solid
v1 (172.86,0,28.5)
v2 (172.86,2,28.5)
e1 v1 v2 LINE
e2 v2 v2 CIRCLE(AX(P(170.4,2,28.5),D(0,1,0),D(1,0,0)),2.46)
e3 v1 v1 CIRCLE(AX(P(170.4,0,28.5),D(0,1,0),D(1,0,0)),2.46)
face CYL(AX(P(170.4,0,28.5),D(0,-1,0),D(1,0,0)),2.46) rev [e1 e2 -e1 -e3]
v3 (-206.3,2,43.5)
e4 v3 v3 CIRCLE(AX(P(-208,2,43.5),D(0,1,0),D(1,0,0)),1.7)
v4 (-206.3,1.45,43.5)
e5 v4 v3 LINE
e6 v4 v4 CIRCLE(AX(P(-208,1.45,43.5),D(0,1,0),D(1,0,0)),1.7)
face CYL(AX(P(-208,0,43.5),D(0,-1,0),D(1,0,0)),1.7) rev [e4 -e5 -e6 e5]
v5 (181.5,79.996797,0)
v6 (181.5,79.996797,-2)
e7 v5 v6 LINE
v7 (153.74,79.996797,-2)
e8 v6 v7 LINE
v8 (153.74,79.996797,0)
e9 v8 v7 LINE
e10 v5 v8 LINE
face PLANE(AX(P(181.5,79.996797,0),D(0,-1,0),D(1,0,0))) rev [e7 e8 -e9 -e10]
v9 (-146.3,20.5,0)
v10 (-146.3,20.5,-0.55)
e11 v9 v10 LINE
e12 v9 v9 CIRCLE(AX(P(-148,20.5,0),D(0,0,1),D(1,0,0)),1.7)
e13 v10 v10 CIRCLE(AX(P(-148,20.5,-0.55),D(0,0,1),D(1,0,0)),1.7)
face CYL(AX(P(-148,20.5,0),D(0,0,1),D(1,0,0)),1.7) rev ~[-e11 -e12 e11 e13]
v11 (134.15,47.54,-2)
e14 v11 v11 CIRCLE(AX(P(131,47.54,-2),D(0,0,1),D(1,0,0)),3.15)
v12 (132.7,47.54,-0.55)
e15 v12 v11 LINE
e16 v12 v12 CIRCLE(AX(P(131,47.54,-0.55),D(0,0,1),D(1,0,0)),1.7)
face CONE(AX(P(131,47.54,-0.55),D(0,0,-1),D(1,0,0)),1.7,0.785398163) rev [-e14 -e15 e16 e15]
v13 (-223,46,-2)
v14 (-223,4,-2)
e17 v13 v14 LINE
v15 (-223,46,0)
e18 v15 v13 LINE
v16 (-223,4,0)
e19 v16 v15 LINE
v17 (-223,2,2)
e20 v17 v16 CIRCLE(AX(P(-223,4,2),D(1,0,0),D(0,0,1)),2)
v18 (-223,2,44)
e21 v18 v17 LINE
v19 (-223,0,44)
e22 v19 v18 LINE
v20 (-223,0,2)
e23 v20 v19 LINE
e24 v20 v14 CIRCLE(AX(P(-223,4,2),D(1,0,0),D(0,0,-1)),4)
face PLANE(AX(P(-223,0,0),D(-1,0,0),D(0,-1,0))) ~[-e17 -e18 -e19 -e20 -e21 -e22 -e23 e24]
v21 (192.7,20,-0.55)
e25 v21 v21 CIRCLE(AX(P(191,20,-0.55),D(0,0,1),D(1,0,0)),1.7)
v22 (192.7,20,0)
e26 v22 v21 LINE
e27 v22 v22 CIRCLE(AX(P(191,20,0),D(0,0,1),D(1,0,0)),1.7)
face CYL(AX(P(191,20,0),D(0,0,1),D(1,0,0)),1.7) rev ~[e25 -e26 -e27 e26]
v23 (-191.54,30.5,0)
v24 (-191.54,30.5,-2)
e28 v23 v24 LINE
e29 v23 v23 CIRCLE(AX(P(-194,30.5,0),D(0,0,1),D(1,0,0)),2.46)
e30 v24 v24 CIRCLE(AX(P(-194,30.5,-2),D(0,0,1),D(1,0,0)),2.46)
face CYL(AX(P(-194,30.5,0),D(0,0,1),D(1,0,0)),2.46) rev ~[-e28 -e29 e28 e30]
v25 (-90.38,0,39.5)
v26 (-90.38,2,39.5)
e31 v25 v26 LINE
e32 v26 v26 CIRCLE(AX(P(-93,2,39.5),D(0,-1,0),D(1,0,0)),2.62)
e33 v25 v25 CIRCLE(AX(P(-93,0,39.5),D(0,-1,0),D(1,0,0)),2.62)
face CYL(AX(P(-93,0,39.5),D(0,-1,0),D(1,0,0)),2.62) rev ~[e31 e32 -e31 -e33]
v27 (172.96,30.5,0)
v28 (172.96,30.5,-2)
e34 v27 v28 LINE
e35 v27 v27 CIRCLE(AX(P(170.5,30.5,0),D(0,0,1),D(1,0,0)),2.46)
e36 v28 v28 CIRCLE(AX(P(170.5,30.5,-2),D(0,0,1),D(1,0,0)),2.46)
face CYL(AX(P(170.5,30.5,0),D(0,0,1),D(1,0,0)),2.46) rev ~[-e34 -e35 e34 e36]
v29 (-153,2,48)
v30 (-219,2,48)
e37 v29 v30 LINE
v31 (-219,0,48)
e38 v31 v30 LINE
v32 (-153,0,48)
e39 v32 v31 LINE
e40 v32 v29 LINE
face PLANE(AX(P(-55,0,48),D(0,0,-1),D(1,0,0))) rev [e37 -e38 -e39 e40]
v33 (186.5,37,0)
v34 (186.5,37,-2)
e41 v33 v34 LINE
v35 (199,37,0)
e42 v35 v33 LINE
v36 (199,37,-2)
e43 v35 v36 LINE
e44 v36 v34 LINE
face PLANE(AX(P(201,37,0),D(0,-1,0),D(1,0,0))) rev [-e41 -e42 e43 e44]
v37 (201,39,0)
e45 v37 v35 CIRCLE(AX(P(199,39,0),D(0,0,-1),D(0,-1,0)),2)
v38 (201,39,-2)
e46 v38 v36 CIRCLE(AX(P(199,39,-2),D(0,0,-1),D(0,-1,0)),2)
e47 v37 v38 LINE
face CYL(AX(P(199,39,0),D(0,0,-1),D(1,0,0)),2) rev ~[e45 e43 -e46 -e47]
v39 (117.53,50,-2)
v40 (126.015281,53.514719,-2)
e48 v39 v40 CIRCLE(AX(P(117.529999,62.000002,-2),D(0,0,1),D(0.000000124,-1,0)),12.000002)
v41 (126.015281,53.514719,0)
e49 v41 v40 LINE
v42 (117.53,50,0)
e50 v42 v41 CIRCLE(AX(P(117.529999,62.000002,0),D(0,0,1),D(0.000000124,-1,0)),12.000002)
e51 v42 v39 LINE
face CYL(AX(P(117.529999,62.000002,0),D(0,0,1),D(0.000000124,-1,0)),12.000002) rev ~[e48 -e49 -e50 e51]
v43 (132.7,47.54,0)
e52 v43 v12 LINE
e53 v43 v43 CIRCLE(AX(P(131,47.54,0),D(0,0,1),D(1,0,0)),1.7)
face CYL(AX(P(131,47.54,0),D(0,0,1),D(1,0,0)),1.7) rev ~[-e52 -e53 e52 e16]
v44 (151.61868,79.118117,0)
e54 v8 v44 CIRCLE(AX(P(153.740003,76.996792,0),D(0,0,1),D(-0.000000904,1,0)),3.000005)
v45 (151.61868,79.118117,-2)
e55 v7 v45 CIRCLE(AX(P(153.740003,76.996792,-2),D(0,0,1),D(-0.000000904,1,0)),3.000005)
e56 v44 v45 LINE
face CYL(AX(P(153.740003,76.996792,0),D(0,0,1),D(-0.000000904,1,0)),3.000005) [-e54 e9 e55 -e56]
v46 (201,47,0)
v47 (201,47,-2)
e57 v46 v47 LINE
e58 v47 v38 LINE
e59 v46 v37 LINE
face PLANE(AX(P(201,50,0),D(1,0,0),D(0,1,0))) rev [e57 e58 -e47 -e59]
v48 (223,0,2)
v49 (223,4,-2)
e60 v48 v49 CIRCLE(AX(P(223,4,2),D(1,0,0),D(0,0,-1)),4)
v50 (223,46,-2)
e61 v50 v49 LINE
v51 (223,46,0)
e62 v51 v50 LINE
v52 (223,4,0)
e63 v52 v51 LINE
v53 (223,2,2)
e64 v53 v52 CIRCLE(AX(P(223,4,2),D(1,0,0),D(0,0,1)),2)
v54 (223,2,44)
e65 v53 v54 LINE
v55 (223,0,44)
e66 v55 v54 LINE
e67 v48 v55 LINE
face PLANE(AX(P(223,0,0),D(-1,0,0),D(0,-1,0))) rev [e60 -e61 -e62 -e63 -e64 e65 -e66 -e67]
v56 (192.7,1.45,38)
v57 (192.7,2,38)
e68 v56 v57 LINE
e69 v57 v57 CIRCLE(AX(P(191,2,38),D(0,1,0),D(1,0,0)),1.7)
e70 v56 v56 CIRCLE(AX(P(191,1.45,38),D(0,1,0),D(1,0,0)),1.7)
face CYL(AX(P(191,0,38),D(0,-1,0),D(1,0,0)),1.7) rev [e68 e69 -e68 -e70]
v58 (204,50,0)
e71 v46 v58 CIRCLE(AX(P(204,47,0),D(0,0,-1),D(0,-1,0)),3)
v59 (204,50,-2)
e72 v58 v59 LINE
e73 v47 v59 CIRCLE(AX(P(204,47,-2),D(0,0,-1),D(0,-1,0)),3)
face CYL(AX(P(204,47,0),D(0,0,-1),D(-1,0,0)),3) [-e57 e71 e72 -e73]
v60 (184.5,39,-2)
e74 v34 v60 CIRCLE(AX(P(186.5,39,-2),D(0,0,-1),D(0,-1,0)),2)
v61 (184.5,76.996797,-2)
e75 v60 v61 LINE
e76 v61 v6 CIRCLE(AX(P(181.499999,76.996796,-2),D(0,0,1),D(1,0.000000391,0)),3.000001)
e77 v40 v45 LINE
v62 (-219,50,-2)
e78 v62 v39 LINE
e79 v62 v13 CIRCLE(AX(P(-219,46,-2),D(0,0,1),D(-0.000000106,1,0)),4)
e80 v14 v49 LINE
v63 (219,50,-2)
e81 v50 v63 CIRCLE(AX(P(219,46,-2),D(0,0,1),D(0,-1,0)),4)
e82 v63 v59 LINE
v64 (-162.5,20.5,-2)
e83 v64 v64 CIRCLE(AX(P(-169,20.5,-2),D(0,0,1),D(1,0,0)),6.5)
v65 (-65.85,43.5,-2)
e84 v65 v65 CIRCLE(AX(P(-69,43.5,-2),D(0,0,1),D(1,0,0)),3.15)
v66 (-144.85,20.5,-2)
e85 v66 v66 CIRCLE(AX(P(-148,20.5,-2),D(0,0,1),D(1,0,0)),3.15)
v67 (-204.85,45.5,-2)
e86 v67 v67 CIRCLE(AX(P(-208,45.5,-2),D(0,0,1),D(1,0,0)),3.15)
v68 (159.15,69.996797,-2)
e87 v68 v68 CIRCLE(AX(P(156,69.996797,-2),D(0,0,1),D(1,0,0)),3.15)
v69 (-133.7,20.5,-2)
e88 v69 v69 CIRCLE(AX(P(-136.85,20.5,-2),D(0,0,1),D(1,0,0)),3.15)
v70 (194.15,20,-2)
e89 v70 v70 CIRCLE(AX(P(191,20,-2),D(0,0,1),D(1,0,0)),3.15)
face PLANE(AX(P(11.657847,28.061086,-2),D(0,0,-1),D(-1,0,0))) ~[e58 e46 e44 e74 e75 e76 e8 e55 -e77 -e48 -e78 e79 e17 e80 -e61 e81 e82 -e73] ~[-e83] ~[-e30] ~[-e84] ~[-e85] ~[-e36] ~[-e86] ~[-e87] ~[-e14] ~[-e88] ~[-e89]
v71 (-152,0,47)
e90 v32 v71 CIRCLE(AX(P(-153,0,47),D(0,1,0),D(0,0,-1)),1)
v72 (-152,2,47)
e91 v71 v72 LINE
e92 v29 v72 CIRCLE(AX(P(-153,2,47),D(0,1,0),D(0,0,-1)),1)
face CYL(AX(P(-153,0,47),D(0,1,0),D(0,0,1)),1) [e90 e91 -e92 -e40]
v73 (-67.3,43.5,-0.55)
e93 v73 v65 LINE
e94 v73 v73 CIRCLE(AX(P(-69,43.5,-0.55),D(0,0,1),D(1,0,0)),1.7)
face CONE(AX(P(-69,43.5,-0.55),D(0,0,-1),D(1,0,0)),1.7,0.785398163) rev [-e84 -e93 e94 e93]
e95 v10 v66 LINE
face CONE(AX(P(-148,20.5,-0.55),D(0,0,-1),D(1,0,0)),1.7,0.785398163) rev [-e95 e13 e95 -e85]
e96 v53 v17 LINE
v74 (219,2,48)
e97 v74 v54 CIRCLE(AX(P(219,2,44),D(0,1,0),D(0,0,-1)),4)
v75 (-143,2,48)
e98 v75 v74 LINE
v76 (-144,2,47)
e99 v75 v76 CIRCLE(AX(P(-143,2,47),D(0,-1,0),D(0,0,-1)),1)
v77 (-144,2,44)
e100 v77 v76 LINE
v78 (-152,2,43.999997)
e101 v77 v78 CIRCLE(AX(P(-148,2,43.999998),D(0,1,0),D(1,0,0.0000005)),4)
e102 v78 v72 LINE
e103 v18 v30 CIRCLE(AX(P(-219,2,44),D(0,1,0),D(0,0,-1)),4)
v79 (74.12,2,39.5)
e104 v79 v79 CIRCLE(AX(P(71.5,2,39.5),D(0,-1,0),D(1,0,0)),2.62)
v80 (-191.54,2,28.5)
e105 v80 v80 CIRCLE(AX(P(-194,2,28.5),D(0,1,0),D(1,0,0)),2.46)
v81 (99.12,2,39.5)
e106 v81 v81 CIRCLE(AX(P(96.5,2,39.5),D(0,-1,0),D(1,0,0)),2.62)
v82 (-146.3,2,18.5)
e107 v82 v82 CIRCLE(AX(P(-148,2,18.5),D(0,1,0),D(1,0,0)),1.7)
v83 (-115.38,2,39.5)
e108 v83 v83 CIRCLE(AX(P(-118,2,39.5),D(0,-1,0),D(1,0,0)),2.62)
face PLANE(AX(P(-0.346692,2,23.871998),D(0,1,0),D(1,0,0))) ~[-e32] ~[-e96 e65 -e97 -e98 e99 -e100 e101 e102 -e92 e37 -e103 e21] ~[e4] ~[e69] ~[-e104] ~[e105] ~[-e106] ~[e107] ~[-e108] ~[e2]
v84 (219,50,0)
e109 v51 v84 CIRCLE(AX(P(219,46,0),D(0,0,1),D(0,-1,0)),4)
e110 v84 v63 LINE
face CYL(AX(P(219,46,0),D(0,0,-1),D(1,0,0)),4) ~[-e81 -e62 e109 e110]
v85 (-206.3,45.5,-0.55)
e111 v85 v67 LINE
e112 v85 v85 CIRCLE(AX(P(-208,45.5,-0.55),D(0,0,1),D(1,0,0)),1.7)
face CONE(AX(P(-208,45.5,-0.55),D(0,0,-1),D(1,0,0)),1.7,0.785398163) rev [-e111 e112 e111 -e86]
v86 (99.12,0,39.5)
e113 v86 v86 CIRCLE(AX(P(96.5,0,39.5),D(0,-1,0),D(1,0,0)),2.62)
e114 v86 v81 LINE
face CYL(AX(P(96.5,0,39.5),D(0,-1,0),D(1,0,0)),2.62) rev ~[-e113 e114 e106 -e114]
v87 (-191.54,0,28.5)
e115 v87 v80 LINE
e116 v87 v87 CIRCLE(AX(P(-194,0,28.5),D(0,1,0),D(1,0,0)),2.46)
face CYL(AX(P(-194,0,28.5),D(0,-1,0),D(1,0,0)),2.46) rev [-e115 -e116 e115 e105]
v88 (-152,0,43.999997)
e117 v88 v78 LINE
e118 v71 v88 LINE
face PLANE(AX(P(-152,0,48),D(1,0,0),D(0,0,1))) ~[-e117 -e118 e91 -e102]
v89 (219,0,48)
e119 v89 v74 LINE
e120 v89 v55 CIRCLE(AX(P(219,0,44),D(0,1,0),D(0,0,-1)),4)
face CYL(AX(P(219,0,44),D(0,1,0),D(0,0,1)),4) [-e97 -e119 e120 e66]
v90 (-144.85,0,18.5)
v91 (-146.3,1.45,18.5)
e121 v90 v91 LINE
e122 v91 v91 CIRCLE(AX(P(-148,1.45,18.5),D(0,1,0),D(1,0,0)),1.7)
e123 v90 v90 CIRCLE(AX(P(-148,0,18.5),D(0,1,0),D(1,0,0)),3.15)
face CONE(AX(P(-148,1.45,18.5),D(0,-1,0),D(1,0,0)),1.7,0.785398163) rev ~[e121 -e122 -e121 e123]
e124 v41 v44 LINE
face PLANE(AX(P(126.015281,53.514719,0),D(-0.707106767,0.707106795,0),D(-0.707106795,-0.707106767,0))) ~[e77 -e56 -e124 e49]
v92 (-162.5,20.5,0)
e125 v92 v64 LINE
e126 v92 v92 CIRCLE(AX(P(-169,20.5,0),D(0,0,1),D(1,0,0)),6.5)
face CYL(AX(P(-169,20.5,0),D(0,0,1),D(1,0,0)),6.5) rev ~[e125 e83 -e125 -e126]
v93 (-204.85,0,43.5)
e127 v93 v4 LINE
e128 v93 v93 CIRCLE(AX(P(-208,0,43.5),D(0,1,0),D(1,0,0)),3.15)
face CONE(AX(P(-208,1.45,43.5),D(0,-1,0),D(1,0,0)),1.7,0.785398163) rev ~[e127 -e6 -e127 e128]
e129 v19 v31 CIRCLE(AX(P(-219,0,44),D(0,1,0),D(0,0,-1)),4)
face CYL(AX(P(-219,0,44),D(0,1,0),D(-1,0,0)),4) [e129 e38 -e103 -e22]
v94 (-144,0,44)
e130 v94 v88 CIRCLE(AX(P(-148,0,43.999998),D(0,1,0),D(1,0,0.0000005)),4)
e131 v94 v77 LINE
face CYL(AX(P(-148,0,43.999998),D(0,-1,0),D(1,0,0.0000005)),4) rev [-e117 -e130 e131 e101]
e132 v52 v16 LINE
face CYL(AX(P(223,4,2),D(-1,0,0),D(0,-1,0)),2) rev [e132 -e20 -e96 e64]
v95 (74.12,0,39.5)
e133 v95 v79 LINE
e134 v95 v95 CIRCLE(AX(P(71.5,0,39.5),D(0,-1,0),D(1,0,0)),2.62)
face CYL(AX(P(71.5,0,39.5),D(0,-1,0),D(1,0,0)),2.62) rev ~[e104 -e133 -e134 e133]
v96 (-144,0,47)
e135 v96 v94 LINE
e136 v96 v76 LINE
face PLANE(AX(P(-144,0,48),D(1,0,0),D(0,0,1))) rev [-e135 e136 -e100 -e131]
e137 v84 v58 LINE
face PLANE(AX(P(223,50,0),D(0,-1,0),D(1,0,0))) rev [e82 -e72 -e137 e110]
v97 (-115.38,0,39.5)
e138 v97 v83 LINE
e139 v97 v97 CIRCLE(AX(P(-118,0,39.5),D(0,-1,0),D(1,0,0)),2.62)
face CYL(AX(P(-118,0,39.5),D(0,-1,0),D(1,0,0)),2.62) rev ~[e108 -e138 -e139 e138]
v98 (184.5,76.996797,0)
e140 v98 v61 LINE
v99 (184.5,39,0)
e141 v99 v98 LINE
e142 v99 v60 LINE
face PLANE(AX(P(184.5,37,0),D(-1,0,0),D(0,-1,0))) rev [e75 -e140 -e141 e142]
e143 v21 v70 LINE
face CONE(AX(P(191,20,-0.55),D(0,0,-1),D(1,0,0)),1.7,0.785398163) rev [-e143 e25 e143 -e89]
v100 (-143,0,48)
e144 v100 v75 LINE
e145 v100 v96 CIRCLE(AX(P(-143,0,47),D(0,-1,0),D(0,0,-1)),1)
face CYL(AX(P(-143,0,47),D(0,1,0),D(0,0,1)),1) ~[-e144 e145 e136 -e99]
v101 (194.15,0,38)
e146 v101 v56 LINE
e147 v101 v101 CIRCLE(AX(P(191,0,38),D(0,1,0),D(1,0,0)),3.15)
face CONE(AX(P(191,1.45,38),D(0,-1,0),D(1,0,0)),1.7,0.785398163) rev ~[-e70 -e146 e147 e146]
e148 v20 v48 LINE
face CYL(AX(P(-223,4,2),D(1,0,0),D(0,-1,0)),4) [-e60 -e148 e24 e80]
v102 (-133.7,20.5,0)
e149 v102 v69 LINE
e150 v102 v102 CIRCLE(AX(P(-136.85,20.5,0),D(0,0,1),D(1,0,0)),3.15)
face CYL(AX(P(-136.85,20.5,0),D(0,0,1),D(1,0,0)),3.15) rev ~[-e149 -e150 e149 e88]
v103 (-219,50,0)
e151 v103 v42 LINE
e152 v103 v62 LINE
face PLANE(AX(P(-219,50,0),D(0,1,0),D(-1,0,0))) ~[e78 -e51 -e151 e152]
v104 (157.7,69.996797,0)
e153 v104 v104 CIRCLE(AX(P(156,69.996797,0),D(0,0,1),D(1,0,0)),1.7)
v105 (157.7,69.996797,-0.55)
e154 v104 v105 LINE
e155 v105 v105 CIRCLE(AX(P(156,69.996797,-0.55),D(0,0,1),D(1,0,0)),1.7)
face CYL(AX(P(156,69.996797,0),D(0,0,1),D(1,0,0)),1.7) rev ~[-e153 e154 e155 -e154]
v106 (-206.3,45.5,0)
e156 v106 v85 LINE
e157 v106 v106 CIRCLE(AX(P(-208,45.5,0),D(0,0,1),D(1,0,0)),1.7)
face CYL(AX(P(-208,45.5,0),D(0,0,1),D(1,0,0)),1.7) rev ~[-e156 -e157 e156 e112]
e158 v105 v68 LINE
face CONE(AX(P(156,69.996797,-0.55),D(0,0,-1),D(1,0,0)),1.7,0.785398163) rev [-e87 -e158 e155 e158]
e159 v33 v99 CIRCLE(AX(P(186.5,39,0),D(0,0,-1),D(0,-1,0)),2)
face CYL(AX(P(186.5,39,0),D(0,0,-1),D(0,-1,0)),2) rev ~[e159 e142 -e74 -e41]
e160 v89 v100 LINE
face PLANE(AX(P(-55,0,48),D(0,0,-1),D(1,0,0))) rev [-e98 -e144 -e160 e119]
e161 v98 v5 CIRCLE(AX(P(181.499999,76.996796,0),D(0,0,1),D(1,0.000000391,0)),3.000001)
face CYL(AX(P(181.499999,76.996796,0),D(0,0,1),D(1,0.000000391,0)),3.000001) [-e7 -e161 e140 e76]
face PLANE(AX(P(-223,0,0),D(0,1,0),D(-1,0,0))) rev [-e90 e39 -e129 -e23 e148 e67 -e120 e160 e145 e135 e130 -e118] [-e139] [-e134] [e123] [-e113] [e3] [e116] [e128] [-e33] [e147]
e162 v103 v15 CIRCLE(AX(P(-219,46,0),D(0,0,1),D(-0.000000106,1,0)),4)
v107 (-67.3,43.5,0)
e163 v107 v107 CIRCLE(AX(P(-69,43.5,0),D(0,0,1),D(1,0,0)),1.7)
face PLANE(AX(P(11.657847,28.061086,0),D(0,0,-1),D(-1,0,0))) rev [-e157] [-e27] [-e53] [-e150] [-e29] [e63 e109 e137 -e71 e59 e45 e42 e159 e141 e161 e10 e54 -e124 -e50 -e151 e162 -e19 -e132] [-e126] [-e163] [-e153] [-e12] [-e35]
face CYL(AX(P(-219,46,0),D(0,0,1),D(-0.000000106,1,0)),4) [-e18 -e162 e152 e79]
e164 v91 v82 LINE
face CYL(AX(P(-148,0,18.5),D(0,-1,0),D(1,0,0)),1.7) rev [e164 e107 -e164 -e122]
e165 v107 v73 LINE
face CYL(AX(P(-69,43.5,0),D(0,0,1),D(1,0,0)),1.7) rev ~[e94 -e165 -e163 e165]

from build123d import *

# Parameters (mm, degrees)
SKETCH_R        = 6.5
SKETCH_R_2      = 1.7
SKETCH_R_3      = 3.15
SKETCH_R_4      = 2.46
PAD_DEPTH       = 2
FILLET_R        = 4
FILLET001_R     = 2
FILLET002_R     = 3
CHAMFER_SIZE    = 1.45
SKETCH001_R     = 1.7
SKETCH001_R_2   = 2.46
PAD001_DEPTH    = 2
CHAMFER001_SIZE = 1.45
POCKET_DEPTH    = 5
FILLET003_R     = 4
FILLET004_R     = 5
FILLET005_R     = 1
FILLET006_R     = 2
FILLET007_R     = 4
SKETCH003_W     = 130
SKETCH003_H     = 40
POCKET001_DEPTH = 5
SKETCH004_R     = 2.62
POCKET002_DEPTH = 5


with BuildPart() as fillet007:
    # Sketch → Pad (new body)
    with BuildSketch(Plane.XY):
        with BuildLine():
            Line((-223, 0), (223, 0))
            Line((223, 0), (223, 50))
            Line((223, 50), (201, 50))
            Line((201, 50), (201, 37))
            Line((201, 37), (184.5, 37))
            Line((184.5, 37), (184.5, 76.996797))
            ThreePointArc((184.5, 76.996797), (183.62132, 79.118117), (181.5, 79.996797))
            Line((181.5, 79.996797), (153.74, 79.996797))
            ThreePointArc((153.74, 79.996797), (152.59195, 79.768435), (151.61868, 79.118117))
            Line((126.015281, 53.514719), (151.61868, 79.118117))
            ThreePointArc((117.53, 50), (122.122201, 50.913446), (126.015281, 53.514719))
            Line((-219, 50), (117.53, 50))
            ThreePointArc((-219, 50), (-221.828427, 48.828427), (-223, 46))
            Line((-223, 0), (-223, 46))
        make_face()
        with Locations((-169, 20.5)):
            Circle(SKETCH_R, mode=Mode.SUBTRACT)
        with Locations((-148, 20.5)):
            Circle(SKETCH_R_2, mode=Mode.SUBTRACT)
        with Locations((-136.85, 20.5)):
            Circle(SKETCH_R_3, mode=Mode.SUBTRACT)
        with Locations((-208, 45.5)):
            Circle(SKETCH_R_2, mode=Mode.SUBTRACT)
        with Locations((-69, 43.5)):
            Circle(SKETCH_R_2, mode=Mode.SUBTRACT)
        with Locations((156, 69.996797)):
            Circle(SKETCH_R_2, mode=Mode.SUBTRACT)
        with Locations((131, 47.54)):
            Circle(SKETCH_R_2, mode=Mode.SUBTRACT)
        with Locations((170.5, 30.5)):
            Circle(SKETCH_R_4, mode=Mode.SUBTRACT)
        with Locations((191, 20)):
            Circle(SKETCH_R_2, mode=Mode.SUBTRACT)
        with Locations((-194, 30.5)):
            Circle(SKETCH_R_4, mode=Mode.SUBTRACT)
    extrude(amount=PAD_DEPTH)

    # Fillet
    fillet_edges = [fillet007.edges().sort_by_distance(p)[0] for p in [
        (223, 50, 1),
    ]]
    fillet(fillet_edges, radius=FILLET_R)

    # Fillet001
    fillet001_edges = [fillet007.edges().sort_by_distance(p)[0] for p in [
        (201, 37, 1),
        (184.5, 37, 1),
    ]]
    fillet(fillet001_edges, radius=FILLET001_R)

    # Fillet002
    fillet002_edges = [fillet007.edges().sort_by_distance(p)[0] for p in [
        (201, 50, 1),
    ]]
    fillet(fillet002_edges, radius=FILLET002_R)

    # Chamfer
    chamfer_edges = [fillet007.edges().sort_by_distance(p)[0] for p in [
        (189.3, 20, 2),
        (154.3, 69.996797, 2),
        (129.3, 47.54, 2),
        (-70.7, 43.5, 2),
        (-149.7, 20.5, 2),
        (-209.7, 45.5, 2),
    ]]
    chamfer(chamfer_edges, length=CHAMFER_SIZE)

    # Sketch001 → Pad001 (new body)
    with BuildSketch(Plane.XZ):
        Polygon((-223, 2), (223, 2), (223, -48), (-5, -48), (-19, -62), (-41, -62), (-55, -48), (-223, -48), align=None)
        with Locations((-208, -43.5)):
            Circle(SKETCH001_R, mode=Mode.SUBTRACT)
        with Locations((-194, -28.5)):
            Circle(SKETCH001_R_2, mode=Mode.SUBTRACT)
        with Locations((-148, -18.5)):
            Circle(SKETCH001_R, mode=Mode.SUBTRACT)
        with Locations((191, -38)):
            Circle(SKETCH001_R, mode=Mode.SUBTRACT)
        with Locations((170.4, -28.5)):
            Circle(SKETCH001_R_2, mode=Mode.SUBTRACT)
    extrude(amount=-PAD001_DEPTH)

    # Chamfer001
    chamfer001_edges = [fillet007.edges().sort_by_distance(p)[0] for p in [
        (189.3, 0, -38),
        (-149.7, 0, -18.5),
        (-209.7, 0, -43.5),
    ]]
    chamfer(chamfer001_edges, length=CHAMFER001_SIZE)

    # Sketch002 → Pocket (cut)
    with BuildSketch(Plane.XZ):
        with BuildLine():
            Line((-152, -48), (-152, -43.999997))
            ThreePointArc((-144, -44), (-147.999999, -39.999998), (-152, -43.999997))
            Line((-144, -48), (-144, -44))
            Line((-152, -48), (-144, -48))
        make_face()
    extrude(amount=-POCKET_DEPTH, mode=Mode.SUBTRACT)

    # Fillet003
    fillet003_edges = [fillet007.edges().sort_by_distance(p)[0] for p in [
        (-223, 1, -48),
        (223, 1, -48),
    ]]
    fillet(fillet003_edges, radius=FILLET003_R)

    # Fillet004
    fillet004_edges = [fillet007.edges().sort_by_distance(p)[0] for p in [
        (-5, 1, -48),
        (-19, 1, -62),
        (-41, 1, -62),
        (-55, 1, -48),
    ]]
    fillet(fillet004_edges, radius=FILLET004_R)

    # Fillet005
    fillet005_edges = [fillet007.edges().sort_by_distance(p)[0] for p in [
        (-152, 1, -48),
        (-144, 1, -48),
    ]]
    fillet(fillet005_edges, radius=FILLET005_R)

    # Fillet006
    fillet006_edges = [fillet007.edges().sort_by_distance(p)[0] for p in [
        (0, 2, 0),
    ]]
    fillet(fillet006_edges, radius=FILLET006_R)

    # Fillet007
    fillet007_edges = [fillet007.edges().sort_by_distance(p)[0] for p in [
        (0, 0, 2),
    ]]
    fillet(fillet007_edges, radius=FILLET007_R)


with BuildPart() as pocket002:
    # Part__Mirroring: instance of Fillet007
    add(fillet007.part.mirror(Plane(origin=(0, 0, 0), x_dir=(0, 1, 0), z_dir=(0, 0, 1))))

    # Sketch003 → Pocket001 (cut)
    with BuildSketch(Plane(origin=(0, 2, 0), x_dir=(-1, 0, 0), z_dir=(0, 1, 0))):
        with Locations((0, 68)):
            Rectangle(SKETCH003_W, SKETCH003_H)
    extrude(amount=-POCKET001_DEPTH, mode=Mode.SUBTRACT)

    # Sketch004 → Pocket002 (cut)
    with BuildSketch(Plane.XZ):
        with Locations((-118, 39.5)):
            Circle(SKETCH004_R)
        with Locations((-93, 39.5)):
            Circle(SKETCH004_R)
        with Locations((71.5, 39.5)):
            Circle(SKETCH004_R)
        with Locations((96.5, 39.5)):
            Circle(SKETCH004_R)
    extrude(amount=-POCKET002_DEPTH, mode=Mode.SUBTRACT)


solid = pocket002.part
